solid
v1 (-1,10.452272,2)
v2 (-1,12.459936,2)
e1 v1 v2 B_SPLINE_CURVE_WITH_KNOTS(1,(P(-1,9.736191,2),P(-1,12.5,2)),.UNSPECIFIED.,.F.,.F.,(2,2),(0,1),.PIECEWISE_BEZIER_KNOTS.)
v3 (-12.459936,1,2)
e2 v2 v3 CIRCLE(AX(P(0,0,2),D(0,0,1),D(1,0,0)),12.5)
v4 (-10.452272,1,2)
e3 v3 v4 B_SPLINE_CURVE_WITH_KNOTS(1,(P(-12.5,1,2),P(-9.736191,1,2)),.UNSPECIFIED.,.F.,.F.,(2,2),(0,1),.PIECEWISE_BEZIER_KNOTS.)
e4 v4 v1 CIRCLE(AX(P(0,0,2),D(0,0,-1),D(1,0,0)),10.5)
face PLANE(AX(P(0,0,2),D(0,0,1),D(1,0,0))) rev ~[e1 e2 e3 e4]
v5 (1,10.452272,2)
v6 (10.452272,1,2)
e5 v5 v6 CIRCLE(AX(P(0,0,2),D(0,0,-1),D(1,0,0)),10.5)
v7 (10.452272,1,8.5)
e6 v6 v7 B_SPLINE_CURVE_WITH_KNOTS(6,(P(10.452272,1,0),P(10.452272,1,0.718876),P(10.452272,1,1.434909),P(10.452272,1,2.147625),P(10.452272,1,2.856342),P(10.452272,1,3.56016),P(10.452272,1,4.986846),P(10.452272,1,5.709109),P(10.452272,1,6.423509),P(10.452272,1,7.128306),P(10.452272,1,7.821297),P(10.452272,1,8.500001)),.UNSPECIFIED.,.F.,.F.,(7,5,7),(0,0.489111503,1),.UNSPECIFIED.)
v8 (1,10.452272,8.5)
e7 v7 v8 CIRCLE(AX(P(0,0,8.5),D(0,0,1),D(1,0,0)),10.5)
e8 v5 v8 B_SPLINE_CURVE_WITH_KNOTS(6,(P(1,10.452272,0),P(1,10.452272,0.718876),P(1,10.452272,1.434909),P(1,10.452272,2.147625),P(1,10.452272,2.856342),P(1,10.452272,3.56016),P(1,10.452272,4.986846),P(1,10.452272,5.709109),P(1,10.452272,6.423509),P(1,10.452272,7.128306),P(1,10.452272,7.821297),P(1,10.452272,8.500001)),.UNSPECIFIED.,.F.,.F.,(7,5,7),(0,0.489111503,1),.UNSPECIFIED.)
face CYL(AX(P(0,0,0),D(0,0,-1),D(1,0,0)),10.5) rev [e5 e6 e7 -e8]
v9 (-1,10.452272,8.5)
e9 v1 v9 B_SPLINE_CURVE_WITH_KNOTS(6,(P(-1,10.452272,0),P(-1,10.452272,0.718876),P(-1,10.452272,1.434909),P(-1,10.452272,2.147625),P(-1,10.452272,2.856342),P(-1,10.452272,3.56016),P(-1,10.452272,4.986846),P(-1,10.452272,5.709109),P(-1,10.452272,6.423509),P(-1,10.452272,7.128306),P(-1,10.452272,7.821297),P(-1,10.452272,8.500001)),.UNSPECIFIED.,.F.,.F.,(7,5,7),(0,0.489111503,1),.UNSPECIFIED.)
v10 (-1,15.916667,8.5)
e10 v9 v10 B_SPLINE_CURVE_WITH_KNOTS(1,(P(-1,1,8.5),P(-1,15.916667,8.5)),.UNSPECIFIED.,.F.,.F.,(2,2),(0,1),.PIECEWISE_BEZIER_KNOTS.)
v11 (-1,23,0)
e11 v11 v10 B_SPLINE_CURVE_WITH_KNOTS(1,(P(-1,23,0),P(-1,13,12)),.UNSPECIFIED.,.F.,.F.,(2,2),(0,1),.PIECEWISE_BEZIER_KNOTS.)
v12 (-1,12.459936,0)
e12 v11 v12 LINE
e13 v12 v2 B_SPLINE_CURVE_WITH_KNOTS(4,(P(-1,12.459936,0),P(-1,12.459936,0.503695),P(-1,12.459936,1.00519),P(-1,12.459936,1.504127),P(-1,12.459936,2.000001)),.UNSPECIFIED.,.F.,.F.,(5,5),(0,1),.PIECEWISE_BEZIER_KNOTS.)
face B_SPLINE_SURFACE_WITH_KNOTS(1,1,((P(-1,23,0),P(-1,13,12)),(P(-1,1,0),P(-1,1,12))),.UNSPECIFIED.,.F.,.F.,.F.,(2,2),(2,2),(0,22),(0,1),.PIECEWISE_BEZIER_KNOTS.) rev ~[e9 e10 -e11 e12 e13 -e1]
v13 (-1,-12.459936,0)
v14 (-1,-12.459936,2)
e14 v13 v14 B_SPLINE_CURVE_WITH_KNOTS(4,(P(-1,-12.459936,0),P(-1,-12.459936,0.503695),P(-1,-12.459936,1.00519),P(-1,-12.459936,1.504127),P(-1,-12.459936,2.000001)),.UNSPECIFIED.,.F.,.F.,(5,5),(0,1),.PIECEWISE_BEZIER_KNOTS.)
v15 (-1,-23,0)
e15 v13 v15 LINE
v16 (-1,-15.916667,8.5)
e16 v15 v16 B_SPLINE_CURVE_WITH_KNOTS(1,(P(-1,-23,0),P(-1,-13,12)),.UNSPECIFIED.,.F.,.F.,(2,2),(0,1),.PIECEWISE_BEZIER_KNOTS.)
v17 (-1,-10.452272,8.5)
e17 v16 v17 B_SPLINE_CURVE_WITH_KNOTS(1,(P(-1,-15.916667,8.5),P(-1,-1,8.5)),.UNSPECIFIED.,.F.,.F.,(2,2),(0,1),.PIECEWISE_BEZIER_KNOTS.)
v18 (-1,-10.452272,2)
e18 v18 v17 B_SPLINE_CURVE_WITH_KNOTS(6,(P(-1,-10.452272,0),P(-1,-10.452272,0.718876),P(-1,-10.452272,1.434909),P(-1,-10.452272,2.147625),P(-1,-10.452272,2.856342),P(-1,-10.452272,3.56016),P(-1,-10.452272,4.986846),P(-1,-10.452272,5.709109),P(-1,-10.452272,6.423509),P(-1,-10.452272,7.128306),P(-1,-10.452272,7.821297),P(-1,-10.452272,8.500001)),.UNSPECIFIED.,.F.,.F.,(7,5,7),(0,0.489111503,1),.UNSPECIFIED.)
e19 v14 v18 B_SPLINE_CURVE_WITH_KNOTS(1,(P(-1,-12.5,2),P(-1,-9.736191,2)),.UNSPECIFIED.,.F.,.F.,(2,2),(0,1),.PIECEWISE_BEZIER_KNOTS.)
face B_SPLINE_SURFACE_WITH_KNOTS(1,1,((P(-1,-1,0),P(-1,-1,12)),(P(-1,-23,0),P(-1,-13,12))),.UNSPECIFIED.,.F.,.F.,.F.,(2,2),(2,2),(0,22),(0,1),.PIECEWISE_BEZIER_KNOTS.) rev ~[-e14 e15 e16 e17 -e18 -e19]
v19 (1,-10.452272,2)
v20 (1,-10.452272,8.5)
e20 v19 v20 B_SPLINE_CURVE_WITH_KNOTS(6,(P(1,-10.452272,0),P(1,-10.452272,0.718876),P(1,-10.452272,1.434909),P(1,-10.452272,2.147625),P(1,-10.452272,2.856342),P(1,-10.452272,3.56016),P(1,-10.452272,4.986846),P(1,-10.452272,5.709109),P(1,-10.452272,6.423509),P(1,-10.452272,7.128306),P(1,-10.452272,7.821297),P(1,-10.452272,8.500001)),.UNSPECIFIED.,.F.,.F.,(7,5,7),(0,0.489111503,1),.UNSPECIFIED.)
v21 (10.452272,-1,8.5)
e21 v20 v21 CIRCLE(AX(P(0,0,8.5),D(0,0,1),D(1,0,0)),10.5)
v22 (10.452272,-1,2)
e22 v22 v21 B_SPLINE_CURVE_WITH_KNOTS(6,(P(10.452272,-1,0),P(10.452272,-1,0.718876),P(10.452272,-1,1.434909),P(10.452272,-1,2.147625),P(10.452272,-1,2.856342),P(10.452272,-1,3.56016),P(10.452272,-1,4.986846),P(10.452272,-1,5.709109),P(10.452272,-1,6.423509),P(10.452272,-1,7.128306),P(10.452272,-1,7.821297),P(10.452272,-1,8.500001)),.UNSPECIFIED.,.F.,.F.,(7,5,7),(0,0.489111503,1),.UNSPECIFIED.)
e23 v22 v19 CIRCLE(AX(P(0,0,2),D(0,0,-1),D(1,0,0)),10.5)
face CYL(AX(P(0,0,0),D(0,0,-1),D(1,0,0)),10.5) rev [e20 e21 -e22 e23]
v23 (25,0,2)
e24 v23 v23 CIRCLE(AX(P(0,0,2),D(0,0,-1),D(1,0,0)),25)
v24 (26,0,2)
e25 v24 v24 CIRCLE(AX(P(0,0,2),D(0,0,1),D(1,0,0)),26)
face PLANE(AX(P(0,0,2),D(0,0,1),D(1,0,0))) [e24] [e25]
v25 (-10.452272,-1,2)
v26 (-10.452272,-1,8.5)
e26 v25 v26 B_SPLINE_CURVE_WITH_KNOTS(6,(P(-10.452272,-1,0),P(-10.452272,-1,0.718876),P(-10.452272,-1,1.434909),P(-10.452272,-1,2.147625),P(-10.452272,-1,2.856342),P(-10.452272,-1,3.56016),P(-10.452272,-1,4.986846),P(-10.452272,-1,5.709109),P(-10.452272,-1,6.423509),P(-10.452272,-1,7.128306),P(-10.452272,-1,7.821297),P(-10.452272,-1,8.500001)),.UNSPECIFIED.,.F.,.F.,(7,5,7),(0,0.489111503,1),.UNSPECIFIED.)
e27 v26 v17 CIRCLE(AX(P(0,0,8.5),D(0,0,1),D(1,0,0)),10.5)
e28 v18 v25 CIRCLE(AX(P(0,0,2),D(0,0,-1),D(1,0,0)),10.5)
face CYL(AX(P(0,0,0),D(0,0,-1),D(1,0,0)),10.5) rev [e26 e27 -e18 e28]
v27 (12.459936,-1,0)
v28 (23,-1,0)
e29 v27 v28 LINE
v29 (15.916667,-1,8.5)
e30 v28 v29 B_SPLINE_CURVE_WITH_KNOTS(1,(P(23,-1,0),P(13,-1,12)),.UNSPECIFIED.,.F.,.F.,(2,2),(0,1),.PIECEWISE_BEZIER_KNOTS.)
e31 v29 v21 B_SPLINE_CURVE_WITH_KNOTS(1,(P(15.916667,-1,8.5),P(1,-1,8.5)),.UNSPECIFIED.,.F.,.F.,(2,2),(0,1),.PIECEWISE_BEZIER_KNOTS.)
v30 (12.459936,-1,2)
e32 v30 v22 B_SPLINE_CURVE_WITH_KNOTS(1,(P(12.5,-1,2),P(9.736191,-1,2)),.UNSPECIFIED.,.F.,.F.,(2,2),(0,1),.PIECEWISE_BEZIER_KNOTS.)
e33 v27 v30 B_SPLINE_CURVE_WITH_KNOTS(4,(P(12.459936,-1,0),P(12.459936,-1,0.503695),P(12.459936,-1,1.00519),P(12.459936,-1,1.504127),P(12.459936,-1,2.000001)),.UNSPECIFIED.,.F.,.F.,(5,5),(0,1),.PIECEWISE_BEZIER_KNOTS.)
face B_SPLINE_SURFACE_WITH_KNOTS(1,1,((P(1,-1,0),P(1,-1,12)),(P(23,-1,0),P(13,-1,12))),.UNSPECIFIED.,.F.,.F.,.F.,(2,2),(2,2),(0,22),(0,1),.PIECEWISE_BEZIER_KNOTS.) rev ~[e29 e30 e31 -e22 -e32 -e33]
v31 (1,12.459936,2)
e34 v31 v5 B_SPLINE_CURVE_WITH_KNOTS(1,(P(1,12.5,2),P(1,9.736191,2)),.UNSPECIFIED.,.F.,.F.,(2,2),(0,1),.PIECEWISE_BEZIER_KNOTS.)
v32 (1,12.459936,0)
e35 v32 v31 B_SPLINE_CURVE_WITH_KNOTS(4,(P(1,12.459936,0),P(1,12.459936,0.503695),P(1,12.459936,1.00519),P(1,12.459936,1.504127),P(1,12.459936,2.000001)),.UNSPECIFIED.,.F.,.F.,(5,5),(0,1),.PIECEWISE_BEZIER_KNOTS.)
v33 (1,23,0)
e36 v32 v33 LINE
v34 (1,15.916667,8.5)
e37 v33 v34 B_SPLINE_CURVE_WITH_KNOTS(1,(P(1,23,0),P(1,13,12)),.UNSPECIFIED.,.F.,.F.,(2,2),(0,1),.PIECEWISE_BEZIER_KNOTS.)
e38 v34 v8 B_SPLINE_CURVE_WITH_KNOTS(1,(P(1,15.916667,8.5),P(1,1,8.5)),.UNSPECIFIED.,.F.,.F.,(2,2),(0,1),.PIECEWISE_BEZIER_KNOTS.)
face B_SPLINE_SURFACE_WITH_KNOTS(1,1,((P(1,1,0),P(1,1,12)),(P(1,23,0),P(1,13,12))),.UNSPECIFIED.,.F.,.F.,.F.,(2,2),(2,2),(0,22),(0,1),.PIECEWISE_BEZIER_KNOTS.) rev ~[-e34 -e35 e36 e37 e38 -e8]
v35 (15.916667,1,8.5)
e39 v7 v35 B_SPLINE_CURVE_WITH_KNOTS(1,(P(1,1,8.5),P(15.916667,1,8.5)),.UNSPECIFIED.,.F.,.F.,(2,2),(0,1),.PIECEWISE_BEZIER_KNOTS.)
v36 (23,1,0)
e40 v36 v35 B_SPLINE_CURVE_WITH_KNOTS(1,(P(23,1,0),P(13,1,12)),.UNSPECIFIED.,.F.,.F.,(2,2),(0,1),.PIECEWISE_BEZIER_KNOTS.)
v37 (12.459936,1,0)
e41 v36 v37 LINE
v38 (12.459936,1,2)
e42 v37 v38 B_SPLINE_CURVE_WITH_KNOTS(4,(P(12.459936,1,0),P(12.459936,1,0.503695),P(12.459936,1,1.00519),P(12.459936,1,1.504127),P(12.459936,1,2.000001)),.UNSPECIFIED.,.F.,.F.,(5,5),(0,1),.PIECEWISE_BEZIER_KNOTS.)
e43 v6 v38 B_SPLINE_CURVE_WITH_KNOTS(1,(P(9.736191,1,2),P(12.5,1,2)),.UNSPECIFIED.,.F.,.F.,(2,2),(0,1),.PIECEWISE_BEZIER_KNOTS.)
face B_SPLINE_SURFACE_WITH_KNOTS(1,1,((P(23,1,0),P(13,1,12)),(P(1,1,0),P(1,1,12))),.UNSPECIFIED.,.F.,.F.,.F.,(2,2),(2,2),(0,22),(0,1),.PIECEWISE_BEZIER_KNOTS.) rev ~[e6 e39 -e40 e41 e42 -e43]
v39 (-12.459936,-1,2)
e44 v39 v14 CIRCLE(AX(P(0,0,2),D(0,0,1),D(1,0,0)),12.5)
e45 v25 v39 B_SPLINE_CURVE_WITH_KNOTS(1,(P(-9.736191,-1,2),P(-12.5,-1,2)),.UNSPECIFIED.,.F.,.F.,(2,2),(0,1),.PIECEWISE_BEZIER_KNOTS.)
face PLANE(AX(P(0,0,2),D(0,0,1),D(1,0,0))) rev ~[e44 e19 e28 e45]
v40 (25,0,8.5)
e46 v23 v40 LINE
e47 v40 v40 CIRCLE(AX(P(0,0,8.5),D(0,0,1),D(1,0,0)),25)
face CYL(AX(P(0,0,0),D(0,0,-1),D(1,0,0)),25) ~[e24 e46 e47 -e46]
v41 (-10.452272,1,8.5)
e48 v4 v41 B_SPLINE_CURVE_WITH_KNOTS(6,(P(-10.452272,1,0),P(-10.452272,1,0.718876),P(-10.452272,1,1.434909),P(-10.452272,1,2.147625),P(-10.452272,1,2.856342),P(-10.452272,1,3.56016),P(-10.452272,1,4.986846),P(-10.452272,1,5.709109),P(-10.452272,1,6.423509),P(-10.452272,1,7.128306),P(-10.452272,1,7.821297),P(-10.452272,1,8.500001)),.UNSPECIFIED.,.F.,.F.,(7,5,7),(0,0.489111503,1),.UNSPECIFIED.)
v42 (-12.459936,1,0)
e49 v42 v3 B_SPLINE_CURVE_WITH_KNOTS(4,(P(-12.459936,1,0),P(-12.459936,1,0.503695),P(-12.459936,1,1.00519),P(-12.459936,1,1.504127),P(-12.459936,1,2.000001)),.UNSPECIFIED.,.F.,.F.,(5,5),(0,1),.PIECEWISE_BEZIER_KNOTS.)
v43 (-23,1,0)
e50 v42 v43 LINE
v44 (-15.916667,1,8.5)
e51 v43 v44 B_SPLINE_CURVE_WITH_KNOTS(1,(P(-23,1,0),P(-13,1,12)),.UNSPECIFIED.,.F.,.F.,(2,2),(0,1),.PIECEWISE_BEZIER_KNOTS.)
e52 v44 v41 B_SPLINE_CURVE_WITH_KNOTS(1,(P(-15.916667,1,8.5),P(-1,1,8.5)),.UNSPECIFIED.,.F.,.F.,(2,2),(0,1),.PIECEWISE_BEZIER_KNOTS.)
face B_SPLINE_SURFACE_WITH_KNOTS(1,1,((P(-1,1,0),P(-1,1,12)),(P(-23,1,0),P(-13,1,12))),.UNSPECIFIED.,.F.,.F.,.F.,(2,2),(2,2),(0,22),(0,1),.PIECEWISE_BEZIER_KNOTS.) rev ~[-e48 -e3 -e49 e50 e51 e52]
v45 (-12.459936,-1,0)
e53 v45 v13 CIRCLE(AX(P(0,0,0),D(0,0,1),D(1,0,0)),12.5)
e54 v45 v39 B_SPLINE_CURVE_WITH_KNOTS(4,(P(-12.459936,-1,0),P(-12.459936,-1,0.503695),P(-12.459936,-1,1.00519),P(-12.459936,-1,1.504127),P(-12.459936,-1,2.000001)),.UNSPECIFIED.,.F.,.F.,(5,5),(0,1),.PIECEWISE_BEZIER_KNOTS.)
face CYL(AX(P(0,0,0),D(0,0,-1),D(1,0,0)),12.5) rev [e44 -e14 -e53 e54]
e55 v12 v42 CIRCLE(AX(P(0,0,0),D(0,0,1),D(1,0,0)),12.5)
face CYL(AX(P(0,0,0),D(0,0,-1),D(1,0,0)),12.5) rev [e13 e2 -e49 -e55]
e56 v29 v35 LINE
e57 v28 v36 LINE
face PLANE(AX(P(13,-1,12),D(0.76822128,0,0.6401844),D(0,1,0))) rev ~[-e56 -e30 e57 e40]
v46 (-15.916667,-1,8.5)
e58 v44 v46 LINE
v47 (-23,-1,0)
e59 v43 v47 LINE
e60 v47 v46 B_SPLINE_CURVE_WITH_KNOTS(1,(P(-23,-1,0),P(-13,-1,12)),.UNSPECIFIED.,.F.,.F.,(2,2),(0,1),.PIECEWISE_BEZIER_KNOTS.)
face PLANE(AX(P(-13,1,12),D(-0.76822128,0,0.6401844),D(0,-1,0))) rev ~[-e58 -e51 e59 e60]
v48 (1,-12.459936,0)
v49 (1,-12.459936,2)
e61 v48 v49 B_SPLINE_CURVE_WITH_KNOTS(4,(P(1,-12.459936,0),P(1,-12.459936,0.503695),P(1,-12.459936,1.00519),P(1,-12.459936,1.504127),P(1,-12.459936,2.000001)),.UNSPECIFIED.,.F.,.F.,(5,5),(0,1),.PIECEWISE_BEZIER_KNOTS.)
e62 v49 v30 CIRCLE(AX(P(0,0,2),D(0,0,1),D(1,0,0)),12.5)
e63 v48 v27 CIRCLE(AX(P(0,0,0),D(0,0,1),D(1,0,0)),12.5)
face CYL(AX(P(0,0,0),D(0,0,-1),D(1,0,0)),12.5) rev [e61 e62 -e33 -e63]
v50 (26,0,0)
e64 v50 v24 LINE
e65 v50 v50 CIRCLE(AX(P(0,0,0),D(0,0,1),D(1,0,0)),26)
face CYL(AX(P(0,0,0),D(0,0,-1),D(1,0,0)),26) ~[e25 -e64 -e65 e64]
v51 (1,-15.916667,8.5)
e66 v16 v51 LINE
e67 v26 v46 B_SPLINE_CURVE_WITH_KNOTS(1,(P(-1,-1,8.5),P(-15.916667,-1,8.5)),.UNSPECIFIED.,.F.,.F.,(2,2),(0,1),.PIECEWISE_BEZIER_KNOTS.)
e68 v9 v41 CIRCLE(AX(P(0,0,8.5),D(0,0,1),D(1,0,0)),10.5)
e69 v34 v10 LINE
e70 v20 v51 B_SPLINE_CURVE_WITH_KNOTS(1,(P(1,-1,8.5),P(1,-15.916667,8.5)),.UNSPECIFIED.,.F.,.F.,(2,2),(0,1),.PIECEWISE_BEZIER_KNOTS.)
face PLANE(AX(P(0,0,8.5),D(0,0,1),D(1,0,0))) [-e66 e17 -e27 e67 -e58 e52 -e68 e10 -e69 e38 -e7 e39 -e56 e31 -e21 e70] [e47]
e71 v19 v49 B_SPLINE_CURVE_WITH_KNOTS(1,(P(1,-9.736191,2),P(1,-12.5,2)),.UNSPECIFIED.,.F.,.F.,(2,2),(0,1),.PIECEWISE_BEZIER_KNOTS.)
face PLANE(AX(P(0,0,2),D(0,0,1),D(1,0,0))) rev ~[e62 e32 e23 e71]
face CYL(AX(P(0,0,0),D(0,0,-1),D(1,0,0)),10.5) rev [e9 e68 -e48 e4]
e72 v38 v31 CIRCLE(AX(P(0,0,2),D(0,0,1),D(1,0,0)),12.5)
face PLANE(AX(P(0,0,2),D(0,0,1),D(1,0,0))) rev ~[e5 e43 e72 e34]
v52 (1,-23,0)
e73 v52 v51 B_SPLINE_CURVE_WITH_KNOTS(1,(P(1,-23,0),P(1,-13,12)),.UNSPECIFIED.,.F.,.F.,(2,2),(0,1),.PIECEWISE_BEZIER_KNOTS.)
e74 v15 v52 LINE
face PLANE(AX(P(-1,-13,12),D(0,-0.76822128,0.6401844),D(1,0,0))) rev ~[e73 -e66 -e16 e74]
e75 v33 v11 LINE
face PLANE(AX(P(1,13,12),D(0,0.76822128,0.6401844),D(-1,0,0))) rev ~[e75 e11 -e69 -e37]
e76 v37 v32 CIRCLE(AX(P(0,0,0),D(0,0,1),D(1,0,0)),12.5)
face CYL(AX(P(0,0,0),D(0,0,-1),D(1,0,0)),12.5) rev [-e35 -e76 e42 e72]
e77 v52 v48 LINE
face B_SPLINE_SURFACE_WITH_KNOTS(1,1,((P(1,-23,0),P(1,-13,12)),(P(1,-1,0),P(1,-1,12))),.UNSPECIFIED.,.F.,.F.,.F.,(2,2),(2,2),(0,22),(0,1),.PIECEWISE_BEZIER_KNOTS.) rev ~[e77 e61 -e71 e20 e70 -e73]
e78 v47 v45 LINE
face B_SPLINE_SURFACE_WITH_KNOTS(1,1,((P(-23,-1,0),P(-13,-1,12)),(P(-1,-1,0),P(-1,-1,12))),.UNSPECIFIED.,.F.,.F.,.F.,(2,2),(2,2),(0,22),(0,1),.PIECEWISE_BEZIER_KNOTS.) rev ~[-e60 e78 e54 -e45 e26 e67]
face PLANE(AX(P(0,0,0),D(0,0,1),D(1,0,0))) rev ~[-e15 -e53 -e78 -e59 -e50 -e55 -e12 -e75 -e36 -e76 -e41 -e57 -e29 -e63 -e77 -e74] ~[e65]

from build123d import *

# Parameters (mm, degrees)
SKETCH_R      = 26
SKETCH_R_2    = 10.5
PAD_DEPTH     = 2
SKETCH001_R   = 25
SKETCH001_R_2 = 10.5
PAD001_DEPTH  = 8.5
SKETCH004_R   = 12.5
POCKET_DEPTH  = 2


with BuildPart() as part:
    # Sketch → Pad (new body)
    with BuildSketch(Plane.XY):
        Circle(SKETCH_R)
        Circle(SKETCH_R_2, mode=Mode.SUBTRACT)
    extrude(amount=PAD_DEPTH)

    # Sketch001 → Pad001 (join)
    with BuildSketch(Plane.XY):
        Circle(SKETCH001_R)
        Circle(SKETCH001_R_2, mode=Mode.SUBTRACT)
    extrude(amount=PAD001_DEPTH)

    # Sketch002 → SubtractiveLoft section 0
    with BuildSketch(Plane.XY):
        Polygon((1, 23), (-1, 23), (-1, 1), (-23, 1), (-23, -1), (-1, -1), (-1, -23), (1, -23), (1, -1), (23, -1), (23, 1), (1, 1), align=None)
    # Sketch003 → SubtractiveLoft section 1
    with BuildSketch(Plane.XY.offset(12)):
        Polygon((1, 13), (-1, 13), (-1, 1), (-13, 1), (-13, -1), (-1, -1), (-1, -13), (1, -13), (1, -1), (13, -1), (13, 1), (1, 1), align=None)
    loft(mode=Mode.SUBTRACT)

    # Sketch004 → Pocket (cut)
    with BuildSketch(Plane.XY):
        Circle(SKETCH004_R)
    extrude(amount=POCKET_DEPTH, mode=Mode.SUBTRACT)


solid = part.part
